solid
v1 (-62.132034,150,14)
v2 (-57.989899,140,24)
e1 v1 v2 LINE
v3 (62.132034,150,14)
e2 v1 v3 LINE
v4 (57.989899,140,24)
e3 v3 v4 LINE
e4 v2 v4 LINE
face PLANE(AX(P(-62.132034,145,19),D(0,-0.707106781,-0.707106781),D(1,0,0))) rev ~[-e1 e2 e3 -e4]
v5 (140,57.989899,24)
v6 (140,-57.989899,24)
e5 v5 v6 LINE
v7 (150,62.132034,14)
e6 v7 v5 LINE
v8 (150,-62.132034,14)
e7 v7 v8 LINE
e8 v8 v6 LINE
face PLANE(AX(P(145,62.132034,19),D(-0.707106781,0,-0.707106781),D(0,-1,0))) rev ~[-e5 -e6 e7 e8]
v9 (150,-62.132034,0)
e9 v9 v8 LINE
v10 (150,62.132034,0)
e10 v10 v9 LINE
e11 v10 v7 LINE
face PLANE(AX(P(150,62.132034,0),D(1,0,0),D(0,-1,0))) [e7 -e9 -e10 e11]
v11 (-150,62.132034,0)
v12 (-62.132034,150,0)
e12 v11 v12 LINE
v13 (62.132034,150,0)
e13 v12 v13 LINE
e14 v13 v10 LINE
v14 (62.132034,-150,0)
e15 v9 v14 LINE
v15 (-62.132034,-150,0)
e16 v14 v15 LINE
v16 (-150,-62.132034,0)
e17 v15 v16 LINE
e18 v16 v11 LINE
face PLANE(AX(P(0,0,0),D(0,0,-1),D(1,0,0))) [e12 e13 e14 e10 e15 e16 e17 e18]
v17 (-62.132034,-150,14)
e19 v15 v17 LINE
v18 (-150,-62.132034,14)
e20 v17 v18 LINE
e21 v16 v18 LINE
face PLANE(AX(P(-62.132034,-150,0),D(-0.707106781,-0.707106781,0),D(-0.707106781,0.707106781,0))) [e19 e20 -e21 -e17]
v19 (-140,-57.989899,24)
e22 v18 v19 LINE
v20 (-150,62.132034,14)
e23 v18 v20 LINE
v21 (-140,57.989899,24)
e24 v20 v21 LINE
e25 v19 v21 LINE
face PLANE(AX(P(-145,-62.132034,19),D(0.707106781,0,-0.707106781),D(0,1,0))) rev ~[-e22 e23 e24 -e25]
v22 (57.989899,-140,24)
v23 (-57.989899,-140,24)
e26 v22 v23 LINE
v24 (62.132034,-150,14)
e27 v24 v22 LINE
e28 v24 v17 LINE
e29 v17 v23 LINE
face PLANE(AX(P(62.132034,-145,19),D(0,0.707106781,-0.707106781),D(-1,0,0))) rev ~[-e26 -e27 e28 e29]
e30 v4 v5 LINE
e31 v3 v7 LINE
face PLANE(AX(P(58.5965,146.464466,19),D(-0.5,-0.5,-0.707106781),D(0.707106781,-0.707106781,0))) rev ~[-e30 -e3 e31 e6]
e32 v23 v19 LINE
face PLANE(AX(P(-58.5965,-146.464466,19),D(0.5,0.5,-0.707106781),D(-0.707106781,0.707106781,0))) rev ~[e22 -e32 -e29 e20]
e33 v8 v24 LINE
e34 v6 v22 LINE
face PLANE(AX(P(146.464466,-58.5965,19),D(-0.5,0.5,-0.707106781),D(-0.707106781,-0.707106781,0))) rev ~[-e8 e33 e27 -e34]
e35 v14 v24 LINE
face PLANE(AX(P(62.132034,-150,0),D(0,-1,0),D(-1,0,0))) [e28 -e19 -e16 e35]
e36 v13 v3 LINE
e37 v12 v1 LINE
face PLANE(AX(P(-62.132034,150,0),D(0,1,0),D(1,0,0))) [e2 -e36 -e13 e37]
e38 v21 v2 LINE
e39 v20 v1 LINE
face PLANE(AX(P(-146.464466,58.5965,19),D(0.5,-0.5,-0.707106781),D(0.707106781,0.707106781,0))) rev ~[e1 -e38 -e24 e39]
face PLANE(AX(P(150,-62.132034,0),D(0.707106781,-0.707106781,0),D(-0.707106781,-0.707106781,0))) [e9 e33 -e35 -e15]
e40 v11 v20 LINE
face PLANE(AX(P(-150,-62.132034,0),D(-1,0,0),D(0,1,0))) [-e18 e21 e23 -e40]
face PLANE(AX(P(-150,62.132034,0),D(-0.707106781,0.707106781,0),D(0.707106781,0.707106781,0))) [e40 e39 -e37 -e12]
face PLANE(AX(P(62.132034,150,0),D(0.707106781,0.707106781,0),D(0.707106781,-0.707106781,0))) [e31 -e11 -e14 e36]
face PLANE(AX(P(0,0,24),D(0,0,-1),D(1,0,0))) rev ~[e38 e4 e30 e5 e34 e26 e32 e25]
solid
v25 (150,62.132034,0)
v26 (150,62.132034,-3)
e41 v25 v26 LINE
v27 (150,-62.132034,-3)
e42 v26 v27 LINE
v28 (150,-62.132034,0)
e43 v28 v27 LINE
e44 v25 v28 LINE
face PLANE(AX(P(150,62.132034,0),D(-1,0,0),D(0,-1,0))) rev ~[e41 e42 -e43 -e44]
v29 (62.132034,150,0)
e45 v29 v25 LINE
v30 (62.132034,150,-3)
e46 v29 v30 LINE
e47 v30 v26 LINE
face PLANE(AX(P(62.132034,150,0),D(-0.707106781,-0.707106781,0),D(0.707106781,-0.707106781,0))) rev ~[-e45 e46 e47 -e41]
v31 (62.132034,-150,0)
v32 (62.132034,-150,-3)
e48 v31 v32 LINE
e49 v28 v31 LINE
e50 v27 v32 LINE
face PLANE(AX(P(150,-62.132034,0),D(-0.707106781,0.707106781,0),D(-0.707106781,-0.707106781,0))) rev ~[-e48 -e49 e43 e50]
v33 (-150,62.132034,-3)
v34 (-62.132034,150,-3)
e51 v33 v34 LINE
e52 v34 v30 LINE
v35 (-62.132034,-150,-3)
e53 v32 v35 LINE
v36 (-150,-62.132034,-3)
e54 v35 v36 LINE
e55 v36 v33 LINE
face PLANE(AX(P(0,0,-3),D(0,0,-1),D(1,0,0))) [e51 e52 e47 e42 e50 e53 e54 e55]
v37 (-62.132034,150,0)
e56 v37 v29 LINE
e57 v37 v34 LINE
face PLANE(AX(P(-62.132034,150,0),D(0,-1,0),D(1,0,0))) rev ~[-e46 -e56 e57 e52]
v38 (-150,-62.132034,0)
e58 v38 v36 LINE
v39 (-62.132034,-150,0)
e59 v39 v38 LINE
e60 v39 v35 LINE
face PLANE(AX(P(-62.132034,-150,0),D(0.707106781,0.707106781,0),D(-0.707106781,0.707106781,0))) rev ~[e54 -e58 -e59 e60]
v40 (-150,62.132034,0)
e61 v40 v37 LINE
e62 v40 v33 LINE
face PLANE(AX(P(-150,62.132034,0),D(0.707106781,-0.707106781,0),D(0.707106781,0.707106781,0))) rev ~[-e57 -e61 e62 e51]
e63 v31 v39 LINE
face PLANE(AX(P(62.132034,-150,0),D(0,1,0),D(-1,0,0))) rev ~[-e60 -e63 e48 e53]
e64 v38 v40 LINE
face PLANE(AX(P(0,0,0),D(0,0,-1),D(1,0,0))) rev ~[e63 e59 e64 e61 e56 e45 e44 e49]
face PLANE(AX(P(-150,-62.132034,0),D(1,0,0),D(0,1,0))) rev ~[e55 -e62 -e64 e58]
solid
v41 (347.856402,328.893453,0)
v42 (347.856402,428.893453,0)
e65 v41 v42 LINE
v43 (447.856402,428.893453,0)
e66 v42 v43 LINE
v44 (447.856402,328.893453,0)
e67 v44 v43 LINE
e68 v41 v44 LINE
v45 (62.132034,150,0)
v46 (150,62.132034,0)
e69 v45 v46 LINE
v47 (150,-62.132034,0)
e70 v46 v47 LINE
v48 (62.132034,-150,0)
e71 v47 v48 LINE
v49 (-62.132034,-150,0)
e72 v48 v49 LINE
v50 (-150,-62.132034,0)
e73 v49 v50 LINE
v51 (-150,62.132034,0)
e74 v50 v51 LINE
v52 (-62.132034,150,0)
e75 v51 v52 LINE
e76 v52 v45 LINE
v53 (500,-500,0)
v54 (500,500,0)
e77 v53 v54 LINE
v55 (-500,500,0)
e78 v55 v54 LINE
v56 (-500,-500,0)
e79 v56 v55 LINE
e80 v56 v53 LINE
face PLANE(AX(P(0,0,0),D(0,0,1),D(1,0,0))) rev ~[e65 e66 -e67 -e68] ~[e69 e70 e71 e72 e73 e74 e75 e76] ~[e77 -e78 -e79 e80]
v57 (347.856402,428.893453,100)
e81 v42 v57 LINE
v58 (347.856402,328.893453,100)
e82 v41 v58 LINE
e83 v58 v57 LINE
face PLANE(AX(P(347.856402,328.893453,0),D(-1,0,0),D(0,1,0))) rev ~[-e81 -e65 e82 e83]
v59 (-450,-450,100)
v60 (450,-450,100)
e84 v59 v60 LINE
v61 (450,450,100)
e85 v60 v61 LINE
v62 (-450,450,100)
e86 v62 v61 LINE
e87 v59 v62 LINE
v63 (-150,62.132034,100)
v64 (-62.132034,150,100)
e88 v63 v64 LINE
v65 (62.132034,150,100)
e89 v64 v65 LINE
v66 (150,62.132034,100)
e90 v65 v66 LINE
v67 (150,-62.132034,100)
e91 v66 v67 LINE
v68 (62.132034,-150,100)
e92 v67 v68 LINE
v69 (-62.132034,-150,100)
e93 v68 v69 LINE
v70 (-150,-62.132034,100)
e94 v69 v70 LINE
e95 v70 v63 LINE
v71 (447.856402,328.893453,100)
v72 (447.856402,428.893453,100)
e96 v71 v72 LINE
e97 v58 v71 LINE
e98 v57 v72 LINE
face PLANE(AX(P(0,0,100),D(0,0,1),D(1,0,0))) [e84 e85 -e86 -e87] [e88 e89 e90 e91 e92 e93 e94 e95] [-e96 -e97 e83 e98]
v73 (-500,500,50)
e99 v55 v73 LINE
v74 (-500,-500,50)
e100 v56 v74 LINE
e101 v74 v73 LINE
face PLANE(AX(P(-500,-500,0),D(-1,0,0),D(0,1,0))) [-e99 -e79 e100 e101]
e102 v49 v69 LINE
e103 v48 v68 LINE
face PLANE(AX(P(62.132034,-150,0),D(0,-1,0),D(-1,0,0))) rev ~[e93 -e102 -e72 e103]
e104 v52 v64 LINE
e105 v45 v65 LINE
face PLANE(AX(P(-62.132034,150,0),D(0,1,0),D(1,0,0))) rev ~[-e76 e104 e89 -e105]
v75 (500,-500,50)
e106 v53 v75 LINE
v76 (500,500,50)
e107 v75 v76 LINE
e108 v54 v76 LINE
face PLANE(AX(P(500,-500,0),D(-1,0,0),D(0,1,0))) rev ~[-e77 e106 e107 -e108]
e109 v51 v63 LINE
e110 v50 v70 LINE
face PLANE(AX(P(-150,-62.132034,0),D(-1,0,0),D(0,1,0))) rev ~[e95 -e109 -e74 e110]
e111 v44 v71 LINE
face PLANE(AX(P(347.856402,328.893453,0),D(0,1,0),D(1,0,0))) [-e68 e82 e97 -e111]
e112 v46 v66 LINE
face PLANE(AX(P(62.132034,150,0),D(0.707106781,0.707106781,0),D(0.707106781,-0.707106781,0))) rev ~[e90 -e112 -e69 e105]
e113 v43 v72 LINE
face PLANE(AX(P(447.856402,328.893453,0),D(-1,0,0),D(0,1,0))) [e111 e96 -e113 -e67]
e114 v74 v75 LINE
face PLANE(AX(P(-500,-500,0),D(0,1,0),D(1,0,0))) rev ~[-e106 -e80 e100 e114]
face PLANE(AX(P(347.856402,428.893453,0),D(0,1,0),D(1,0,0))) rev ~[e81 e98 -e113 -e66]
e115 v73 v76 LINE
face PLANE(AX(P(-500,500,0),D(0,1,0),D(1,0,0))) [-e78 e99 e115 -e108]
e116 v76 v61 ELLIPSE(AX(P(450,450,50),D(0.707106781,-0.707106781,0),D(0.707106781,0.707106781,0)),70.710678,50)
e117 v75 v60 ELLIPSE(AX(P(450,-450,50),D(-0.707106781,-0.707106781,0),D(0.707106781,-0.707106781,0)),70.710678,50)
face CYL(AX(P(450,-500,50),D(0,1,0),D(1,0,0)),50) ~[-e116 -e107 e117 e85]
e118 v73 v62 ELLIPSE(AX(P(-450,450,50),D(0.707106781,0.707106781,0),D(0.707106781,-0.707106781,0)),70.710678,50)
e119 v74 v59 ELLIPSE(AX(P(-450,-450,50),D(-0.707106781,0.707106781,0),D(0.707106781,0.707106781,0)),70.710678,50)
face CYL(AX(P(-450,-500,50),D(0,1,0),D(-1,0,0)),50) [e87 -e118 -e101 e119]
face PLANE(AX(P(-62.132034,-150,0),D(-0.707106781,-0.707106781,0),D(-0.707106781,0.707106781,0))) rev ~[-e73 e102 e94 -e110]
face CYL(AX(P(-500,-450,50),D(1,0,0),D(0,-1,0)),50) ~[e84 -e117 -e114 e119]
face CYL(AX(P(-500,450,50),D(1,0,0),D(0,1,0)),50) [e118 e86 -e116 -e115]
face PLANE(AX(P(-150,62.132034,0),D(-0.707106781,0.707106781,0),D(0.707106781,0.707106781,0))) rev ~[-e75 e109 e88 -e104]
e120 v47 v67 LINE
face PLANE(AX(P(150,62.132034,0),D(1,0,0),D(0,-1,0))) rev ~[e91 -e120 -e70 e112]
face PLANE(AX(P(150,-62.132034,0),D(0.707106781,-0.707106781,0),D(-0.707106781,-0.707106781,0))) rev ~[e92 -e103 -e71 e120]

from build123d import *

# Parameters (mm, degrees)
F0_W     = 1000
F0_H     = 1000
F0_W_2   = 100
F0_H_2   = 100
F1_DEPTH = 100
F2_R     = 50
F4_DEPTH = 3
F5_DEPTH = 24
F6_SIZE  = 10


with BuildPart() as f1:
    # F0 (on Top) → F1 (new body)
    with BuildSketch(Plane.XY):
        Rectangle(F0_W, F0_H)
        Polygon((150, -62.132034356), (62.132034356, -150), (-62.132034356, -150), (-150, -62.132034356), (-150, 62.132034356), (-62.132034356, 150), (62.132034356, 150), (150, 62.132034356), align=None, mode=Mode.SUBTRACT)
        with Locations((397.8564023972, 378.8934528828)):
            Rectangle(F0_W_2, F0_H_2, mode=Mode.SUBTRACT)
    extrude(amount=F1_DEPTH)

    # F2
    f2_edges = [f1.edges().sort_by_distance(p)[0] for p in [
        (0, -500, 100),
        (500, 0, 100),
        (0, 500, 100),
        (-500, 0, 100),
    ]]
    fillet(f2_edges, radius=F2_R)


with BuildPart() as f4:
    # F3 (on face) → F4 (new body)
    with BuildSketch(Plane(origin=(0, 0, 0), x_dir=(1, 0, 0), z_dir=(0, 0, -1))):
        Polygon((-150, -62.132034356), (-62.132034356, -150), (62.132034356, -150), (150, -62.132034356), (150, 62.132034356), (62.132034356, 150), (-62.132034356, 150), (-150, 62.132034356), align=None)
    extrude(amount=F4_DEPTH)


with BuildPart() as f5:
    # F5 (new): a face of the model
    f5_faces = [f4.part.faces().sort_by_distance(p)[0] for p in [
        (0, 0, 0),
    ]]
    extrude(f5_faces, amount=F5_DEPTH)

    # F6
    f6_edges = [f5.edges().sort_by_distance(p)[0] for p in [
        (-150, 0, 24),
        (-106.066017, 106.066017, 24),
        (0, 150, 24),
        (106.066017, 106.066017, 24),
        (150, 0, 24),
        (106.066017, -106.066017, 24),
        (0, -150, 24),
        (-106.066017, -106.066017, 24),
    ]]
    chamfer(f6_edges, length=F6_SIZE)


solid = Compound([f1.part, f4.part, f5.part])
